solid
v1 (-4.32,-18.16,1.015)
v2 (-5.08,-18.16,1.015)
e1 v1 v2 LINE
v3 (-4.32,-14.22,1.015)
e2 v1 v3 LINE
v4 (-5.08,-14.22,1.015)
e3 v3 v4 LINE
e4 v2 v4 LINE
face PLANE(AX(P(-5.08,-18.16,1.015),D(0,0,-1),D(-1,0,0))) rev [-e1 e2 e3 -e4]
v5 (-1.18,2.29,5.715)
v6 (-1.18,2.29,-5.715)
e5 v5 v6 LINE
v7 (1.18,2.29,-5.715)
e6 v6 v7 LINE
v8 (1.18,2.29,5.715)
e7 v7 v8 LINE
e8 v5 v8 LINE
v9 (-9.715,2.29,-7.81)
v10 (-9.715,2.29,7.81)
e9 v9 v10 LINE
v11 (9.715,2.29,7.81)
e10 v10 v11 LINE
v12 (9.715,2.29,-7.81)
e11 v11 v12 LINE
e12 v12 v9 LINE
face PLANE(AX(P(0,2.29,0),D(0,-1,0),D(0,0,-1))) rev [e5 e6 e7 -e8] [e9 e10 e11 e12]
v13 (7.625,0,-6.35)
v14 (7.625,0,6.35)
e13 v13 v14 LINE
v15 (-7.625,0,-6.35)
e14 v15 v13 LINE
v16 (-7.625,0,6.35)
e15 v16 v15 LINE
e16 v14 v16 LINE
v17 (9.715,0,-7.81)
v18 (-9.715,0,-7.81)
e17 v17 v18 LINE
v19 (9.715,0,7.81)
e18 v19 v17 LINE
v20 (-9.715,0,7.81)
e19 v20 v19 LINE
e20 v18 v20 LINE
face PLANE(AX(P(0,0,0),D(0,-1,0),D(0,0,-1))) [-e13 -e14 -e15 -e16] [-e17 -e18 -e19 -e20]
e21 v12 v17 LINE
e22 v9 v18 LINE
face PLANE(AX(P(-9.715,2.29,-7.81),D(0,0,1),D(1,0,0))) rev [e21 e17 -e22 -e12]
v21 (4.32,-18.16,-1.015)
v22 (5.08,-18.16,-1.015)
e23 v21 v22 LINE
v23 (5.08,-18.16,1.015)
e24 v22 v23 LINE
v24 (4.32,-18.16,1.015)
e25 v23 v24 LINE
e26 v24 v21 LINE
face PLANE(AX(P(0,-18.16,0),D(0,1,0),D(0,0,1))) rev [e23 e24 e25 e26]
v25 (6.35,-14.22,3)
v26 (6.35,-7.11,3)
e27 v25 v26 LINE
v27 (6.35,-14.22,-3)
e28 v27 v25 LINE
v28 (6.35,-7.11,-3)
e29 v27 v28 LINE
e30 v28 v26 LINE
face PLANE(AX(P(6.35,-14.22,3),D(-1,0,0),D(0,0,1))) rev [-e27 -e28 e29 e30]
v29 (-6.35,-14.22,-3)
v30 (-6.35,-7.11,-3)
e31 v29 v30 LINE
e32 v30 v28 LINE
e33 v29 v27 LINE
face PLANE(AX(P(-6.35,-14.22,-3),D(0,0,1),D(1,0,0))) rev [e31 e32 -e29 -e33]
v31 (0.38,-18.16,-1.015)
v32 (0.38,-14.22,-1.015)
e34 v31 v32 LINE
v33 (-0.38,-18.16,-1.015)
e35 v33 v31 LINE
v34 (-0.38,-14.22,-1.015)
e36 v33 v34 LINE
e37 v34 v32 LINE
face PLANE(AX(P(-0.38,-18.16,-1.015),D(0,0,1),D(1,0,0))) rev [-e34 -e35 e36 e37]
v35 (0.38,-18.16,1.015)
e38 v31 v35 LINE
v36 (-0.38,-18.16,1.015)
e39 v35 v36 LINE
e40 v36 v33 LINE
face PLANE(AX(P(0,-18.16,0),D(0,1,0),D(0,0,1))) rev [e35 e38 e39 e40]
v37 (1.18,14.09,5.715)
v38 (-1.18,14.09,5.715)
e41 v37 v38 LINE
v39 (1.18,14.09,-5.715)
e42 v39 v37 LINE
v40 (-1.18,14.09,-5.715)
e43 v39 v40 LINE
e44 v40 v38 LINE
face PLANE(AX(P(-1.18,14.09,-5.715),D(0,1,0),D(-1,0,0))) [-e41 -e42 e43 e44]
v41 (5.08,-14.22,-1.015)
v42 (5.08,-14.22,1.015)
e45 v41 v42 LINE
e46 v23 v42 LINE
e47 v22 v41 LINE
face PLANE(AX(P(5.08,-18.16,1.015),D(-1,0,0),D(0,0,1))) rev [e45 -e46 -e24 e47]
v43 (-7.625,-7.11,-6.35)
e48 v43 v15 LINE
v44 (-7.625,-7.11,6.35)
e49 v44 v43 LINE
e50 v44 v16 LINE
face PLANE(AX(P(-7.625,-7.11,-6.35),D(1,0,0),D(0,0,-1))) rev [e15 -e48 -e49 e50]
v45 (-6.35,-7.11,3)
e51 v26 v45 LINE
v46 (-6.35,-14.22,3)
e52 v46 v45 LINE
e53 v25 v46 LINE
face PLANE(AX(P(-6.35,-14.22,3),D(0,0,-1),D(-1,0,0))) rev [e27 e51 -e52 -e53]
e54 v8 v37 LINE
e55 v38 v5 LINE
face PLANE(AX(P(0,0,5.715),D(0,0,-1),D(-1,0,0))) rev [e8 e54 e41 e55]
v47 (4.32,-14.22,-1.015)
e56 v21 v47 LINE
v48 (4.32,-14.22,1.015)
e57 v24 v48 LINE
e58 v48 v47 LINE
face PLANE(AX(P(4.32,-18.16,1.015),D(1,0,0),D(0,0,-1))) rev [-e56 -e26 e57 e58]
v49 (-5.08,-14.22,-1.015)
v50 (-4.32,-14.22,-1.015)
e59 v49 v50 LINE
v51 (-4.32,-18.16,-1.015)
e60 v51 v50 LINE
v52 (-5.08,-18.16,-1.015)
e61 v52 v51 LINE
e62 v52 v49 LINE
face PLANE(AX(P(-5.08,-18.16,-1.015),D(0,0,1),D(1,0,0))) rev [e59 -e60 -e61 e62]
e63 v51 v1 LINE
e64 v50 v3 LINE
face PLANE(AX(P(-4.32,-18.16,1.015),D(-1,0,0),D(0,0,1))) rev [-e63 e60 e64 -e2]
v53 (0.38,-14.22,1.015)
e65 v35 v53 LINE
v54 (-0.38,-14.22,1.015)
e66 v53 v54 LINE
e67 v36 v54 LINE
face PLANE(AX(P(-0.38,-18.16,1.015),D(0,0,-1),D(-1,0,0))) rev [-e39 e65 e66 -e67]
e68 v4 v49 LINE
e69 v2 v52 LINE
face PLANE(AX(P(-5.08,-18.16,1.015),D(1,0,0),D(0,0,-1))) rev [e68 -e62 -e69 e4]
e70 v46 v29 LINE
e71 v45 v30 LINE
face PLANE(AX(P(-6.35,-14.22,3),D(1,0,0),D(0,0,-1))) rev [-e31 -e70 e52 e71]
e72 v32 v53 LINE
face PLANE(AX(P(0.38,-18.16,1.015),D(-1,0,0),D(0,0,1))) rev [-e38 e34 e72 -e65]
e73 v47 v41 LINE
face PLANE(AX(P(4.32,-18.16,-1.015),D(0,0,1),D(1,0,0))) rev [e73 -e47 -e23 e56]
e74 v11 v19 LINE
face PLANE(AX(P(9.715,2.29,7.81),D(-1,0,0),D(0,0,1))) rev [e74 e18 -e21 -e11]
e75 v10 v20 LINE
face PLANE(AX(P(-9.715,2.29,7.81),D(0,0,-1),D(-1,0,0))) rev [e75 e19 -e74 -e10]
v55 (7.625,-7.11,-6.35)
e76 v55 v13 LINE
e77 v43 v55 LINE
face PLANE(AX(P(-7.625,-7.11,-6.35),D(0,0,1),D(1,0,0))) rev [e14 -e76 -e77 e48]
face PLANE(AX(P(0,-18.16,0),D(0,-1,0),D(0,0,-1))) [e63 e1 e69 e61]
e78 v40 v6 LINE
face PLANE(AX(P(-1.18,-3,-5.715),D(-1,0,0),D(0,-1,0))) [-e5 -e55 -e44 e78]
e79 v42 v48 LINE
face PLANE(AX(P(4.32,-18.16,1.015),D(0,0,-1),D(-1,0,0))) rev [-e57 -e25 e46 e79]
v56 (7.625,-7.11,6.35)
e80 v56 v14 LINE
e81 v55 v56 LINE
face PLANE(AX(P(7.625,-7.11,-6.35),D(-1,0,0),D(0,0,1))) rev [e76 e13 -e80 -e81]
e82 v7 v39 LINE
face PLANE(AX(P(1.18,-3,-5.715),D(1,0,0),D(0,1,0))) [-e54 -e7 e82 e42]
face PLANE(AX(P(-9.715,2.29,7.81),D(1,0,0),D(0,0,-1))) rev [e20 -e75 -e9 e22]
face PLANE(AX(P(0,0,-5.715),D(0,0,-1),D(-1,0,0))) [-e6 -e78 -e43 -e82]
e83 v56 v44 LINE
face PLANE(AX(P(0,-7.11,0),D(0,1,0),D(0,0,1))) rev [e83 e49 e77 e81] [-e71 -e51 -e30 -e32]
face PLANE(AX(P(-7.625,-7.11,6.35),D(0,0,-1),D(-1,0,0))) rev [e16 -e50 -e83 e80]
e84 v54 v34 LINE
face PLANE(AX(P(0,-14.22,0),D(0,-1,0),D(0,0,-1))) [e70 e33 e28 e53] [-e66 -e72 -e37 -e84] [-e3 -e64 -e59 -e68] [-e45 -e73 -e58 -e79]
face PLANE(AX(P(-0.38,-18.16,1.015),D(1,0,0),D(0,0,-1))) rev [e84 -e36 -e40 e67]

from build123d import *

# Parameters (mm, degrees)
SKETCH1_W                = 19.43
SKETCH1_H                = 15.62
BOSS_EXTRUDE1_DEPTH      = 2.29
SKETCH5_W                = 15.25
SKETCH5_H                = 12.7
BOSS_EXTRUDE2_DEPTH      = 7.11
SKETCH6_W                = 12.7
SKETCH6_H                = 6
BOSS_EXTRUDE3_DEPTH      = 7.11
SKETCH7_W                = 0.76
SKETCH7_H                = 2.03
BOSS_EXTRUDE4_DEPTH      = 3.94
BOSS_EXTRUDE5_DEPTH      = 5.715
BOSS_EXTRUDE5_DEPTH_BACK = 5.715
SKETCH8_W                = 2.36
SKETCH8_H                = 17.09


with BuildPart() as part:
    # Sketch1 → Boss-Extrude1 (new body)
    with BuildSketch(Plane(origin=(0, 0, 0), x_dir=(1, 0, 0), z_dir=(0, 1, 0))):
        Rectangle(SKETCH1_W, SKETCH1_H)
    extrude(amount=BOSS_EXTRUDE1_DEPTH)

    # Sketch5 → Boss-Extrude2 (add)
    with BuildSketch(Plane.XZ):
        Rectangle(SKETCH5_W, SKETCH5_H)
    extrude(amount=BOSS_EXTRUDE2_DEPTH)

    # Sketch6 → Boss-Extrude3 (add)
    with BuildSketch(Plane.XZ.offset(7.11)):
        Rectangle(SKETCH6_W, SKETCH6_H)
    extrude(amount=BOSS_EXTRUDE3_DEPTH)

    # Sketch7 → Boss-Extrude4 (add)
    with BuildSketch(Plane.XZ.offset(14.22)):
        Rectangle(SKETCH7_W, SKETCH7_H)
        with Locations((-4.7, 0)):
            Rectangle(SKETCH7_W, SKETCH7_H)
        with Locations((4.7, 0)):
            Rectangle(SKETCH7_W, SKETCH7_H)
    extrude(amount=BOSS_EXTRUDE4_DEPTH)

    # Sketch8 → Boss-Extrude5 (add, two sides: drawn at the far end of the back side and taken through both)
    with BuildSketch(Plane.XY.offset(-BOSS_EXTRUDE5_DEPTH_BACK)):
        with Locations((0, 5.545)):
            Rectangle(SKETCH8_W, SKETCH8_H)
    extrude(amount=BOSS_EXTRUDE5_DEPTH + BOSS_EXTRUDE5_DEPTH_BACK)


solid = part.part
